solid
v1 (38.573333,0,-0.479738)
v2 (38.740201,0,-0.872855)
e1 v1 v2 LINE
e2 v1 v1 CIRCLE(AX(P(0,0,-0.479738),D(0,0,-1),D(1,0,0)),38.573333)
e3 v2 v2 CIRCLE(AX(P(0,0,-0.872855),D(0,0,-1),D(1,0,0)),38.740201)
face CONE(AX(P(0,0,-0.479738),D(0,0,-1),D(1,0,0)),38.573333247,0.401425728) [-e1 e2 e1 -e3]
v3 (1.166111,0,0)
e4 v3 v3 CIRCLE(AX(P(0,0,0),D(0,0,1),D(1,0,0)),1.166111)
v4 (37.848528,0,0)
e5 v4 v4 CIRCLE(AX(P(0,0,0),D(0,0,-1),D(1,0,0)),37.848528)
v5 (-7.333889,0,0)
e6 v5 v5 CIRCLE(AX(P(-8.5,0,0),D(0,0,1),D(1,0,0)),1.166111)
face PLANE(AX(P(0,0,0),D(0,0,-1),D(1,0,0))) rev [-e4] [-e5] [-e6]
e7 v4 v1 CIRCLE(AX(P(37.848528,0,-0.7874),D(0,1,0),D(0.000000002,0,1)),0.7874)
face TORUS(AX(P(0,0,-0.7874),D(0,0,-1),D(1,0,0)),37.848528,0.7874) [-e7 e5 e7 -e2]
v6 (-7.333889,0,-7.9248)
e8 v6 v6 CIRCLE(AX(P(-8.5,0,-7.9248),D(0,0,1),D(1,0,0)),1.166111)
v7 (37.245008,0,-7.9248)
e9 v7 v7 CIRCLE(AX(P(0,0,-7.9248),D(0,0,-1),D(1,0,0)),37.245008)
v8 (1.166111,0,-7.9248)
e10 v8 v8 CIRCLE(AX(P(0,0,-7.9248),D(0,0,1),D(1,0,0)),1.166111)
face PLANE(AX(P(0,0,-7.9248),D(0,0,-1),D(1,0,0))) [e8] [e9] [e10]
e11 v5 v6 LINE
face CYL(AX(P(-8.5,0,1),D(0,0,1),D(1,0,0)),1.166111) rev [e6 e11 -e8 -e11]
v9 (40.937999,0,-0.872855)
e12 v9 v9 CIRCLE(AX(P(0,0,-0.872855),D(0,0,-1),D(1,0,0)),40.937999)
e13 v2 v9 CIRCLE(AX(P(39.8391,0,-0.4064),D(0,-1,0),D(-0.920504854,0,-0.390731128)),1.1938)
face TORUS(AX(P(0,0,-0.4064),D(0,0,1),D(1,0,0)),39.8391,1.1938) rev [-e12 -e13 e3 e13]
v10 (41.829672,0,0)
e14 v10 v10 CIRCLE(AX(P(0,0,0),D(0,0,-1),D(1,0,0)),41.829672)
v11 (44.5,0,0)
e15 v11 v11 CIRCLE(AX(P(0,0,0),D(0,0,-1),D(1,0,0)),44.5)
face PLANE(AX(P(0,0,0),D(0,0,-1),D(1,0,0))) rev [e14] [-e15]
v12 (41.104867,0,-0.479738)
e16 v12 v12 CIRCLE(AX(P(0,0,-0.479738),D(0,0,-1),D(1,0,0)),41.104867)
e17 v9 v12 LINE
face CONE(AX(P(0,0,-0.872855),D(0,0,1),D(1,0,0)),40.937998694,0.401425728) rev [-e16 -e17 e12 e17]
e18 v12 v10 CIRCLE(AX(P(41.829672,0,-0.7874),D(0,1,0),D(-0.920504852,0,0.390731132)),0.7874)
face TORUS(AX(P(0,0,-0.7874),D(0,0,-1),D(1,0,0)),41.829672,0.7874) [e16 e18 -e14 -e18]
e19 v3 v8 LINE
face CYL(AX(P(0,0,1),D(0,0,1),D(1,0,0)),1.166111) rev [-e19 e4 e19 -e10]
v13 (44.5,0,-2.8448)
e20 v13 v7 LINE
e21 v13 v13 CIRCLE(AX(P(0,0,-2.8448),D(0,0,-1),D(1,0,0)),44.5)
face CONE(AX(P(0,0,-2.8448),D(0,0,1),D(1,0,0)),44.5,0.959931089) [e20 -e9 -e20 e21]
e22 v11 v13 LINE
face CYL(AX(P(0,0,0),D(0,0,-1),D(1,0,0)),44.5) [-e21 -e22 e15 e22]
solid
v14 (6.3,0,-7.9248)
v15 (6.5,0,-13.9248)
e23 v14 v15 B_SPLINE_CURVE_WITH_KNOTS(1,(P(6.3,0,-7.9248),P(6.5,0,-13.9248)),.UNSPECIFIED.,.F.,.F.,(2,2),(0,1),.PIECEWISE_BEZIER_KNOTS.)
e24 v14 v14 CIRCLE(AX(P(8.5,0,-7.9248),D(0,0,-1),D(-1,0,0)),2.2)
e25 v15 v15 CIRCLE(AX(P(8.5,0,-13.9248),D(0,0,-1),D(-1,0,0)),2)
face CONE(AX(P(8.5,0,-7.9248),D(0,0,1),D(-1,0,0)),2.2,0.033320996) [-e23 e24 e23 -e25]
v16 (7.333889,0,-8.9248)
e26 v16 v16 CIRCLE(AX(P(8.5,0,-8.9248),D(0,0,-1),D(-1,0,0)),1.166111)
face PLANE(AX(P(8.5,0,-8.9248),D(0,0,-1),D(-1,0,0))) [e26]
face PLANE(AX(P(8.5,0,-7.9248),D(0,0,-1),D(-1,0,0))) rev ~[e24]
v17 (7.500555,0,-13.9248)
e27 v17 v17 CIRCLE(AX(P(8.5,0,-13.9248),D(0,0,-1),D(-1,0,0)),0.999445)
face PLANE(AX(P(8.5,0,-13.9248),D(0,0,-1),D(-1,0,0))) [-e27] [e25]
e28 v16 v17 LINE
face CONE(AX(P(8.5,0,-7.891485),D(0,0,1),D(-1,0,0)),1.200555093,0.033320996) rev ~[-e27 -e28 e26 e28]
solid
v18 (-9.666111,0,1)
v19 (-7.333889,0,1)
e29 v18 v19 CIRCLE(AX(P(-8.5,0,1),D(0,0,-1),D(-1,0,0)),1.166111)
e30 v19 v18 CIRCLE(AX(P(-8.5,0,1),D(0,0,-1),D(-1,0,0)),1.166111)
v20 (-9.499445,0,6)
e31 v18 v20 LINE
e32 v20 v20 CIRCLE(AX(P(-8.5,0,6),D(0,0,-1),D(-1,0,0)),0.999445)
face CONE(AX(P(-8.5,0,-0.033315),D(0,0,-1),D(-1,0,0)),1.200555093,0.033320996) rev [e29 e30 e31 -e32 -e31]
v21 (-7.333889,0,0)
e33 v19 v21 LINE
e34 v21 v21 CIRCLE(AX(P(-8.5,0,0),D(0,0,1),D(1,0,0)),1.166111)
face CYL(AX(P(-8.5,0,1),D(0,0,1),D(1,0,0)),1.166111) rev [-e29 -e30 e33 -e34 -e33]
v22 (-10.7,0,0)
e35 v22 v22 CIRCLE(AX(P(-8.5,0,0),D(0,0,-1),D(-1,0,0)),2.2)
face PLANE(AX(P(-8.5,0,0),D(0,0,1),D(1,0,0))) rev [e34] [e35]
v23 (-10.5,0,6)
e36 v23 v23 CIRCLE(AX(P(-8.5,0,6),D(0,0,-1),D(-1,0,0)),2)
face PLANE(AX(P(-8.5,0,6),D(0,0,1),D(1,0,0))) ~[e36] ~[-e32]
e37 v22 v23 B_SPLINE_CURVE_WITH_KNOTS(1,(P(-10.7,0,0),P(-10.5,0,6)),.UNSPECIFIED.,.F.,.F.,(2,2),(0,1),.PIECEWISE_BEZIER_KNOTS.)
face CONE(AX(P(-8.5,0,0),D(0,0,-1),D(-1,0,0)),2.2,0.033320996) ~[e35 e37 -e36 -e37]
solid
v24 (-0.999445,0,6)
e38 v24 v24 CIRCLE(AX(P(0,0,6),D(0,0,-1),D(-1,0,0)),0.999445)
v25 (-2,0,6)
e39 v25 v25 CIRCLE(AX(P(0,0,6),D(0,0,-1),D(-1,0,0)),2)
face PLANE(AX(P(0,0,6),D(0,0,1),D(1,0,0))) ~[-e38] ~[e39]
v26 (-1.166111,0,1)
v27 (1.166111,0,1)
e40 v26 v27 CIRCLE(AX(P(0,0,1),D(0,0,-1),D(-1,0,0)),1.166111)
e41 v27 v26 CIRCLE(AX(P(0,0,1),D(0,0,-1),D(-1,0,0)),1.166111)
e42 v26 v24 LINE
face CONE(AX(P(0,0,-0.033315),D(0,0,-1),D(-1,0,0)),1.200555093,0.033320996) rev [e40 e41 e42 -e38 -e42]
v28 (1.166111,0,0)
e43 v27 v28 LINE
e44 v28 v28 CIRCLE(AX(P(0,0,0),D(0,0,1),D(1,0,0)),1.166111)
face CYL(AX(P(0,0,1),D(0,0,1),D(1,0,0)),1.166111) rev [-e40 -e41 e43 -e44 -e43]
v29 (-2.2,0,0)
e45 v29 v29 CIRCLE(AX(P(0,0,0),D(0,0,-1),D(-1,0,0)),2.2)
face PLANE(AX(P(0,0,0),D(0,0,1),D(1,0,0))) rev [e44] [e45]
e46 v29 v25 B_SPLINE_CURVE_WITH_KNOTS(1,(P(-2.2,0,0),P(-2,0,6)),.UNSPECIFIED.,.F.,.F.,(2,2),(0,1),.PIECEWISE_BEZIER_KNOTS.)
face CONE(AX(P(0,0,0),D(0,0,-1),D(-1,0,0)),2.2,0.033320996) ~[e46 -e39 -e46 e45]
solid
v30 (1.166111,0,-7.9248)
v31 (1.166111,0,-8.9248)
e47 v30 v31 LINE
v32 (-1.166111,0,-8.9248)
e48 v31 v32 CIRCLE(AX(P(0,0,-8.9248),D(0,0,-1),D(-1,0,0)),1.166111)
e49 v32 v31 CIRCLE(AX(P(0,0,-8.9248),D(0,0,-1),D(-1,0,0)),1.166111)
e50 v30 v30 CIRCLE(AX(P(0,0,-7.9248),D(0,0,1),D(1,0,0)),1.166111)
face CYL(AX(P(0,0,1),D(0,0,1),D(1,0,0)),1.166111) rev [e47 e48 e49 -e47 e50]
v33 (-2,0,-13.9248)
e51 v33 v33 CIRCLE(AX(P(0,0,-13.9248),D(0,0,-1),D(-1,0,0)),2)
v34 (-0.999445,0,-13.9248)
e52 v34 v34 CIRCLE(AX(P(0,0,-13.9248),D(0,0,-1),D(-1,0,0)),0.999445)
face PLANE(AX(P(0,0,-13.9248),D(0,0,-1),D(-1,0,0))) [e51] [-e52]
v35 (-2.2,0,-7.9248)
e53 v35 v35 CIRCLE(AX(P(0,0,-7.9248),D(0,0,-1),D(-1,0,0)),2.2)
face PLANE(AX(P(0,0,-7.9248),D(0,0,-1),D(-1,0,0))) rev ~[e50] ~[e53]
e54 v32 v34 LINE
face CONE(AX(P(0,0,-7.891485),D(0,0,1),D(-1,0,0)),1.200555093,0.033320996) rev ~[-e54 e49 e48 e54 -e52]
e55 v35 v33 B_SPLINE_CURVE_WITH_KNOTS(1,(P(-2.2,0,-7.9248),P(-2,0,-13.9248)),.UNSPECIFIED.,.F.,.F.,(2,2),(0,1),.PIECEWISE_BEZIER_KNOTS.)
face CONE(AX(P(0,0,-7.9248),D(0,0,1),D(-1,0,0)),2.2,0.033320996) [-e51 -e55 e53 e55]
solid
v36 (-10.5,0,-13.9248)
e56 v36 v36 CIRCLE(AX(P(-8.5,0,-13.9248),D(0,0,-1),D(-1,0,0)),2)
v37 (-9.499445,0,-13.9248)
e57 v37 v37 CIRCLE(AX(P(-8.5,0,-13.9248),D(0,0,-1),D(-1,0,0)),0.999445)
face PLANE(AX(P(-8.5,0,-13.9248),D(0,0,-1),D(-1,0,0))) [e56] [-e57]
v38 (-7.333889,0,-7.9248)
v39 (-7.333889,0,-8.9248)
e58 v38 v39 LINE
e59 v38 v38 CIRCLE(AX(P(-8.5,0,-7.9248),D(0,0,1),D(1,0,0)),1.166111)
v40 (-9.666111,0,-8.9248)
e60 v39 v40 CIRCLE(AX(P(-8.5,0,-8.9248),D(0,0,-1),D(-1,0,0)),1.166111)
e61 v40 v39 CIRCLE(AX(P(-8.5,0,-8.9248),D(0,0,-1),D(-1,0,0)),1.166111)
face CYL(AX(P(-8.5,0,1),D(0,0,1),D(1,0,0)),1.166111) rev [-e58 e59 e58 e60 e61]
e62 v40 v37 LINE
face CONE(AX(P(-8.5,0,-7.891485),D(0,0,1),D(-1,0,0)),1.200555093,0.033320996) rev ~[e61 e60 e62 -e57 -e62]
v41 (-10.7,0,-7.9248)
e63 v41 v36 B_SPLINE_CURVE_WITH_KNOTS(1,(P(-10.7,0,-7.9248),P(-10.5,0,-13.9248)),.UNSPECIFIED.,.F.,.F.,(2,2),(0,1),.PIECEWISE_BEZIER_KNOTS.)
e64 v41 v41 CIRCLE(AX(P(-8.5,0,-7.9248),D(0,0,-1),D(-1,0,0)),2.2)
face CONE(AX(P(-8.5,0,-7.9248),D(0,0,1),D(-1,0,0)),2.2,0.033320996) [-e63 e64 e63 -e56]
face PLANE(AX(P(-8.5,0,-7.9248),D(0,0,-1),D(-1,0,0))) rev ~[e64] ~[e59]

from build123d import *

# Parameters (mm, degrees)
SKETCH2_R          = 2.2
SKETCH3_R          = 2
SKETCH2_5_R        = 2.2
SKETCH3_5_R        = 2
SKETCH2_6_R        = 2.2
SKETCH3_6_R        = 2
SHELL2_T           = -1
SHELL3_T           = -1
SHELL4_T           = -1
CUT_EXTRUDE2_START = -9.9248
SKETCH4_R          = 1.166111265
CUT_EXTRUDE2_DEPTH = 9.9248


with BuildPart() as part:
    # Sketch1 → Revolve1 (revolve)
    with BuildSketch(Plane(origin=(0, 0, 0), x_dir=(0, 0, -1), z_dir=(1, 0, 0)), mode=Mode.PRIVATE) as revolve1_sk:
        with BuildLine():
            Line((0, 0), (0, 37.848527725))
            ThreePointArc((0, 37.848527725), (0.130798304, 38.283122907), (0.479738309, 38.573333247))
            Line((0.479738309, 38.573333247), (0.872854821, 38.740201306))
            ThreePointArc((0.872854821, 38.740201306), (1.6002, 39.8391), (0.872854821, 40.937998694))
            Line((0.872854821, 40.937998694), (0.479738309, 41.104866753))
            ThreePointArc((0.479738309, 41.104866753), (0.130798304, 41.395077093), (0, 41.829672275))
            Line((0, 41.829672275), (0, 44.5))
            Line((0, 44.5), (2.8448, 44.5))
            Line((2.8448, 44.5), (7.9248, 37.245008126))
            Line((7.9248, 37.245008126), (7.9248, 0))
            Line((7.9248, 0), (0, 0))
        make_face()
    revolve(revolve1_sk.sketch.rotate(Axis((0, 0, 0), (0, 0, -1)), 90), axis=Axis((0, 0, 0), (0, 0, -1)))


with BuildPart() as body_2:
    # Sketch2 → Loft1 section 0
    with BuildSketch(Plane(origin=(0, 0, -7.9248), x_dir=(-1, 0, 0), z_dir=(0, 0, -1))):
        with Locations((-8.5, 0)):
            Circle(SKETCH2_R)
    # Sketch3 → Loft1 section 1
    with BuildSketch(Plane(origin=(0, 0, -13.9248), x_dir=(-1, 0, 0), z_dir=(0, 0, -1))):
        with Locations((-8.5, 0)):
            Circle(SKETCH3_R)
    loft()

    # Shell2
    shell2_openings = [body_2.faces().sort_by_distance(p)[0] for p in [
        (8.5, 0, -13.9248),
    ]]
    offset(amount=SHELL2_T, openings=shell2_openings, kind=Kind.INTERSECTION)


with BuildPart() as body_3:
    # Sketch2<5> → Loft2 section 0
    with BuildSketch(Plane(origin=(0, 0, -7.9248), x_dir=(-1, 0, 0), z_dir=(0, 0, -1))):
        Circle(SKETCH2_5_R)
    # Sketch3<5> → Loft2 section 1
    with BuildSketch(Plane(origin=(0, 0, -13.9248), x_dir=(-1, 0, 0), z_dir=(0, 0, -1))):
        Circle(SKETCH3_5_R)
    loft()

    # Shell3
    shell3_openings = [body_3.faces().sort_by_distance(p)[0] for p in [
        (0, 0, -13.9248),
    ]]
    offset(amount=SHELL3_T, openings=shell3_openings, kind=Kind.INTERSECTION)


with BuildPart() as body_4:
    # Sketch2<6> → Loft3 section 0
    with BuildSketch(Plane(origin=(0, 0, -7.9248), x_dir=(-1, 0, 0), z_dir=(0, 0, -1))):
        with Locations((8.5, 0)):
            Circle(SKETCH2_6_R)
    # Sketch3<6> → Loft3 section 1
    with BuildSketch(Plane(origin=(0, 0, -13.9248), x_dir=(-1, 0, 0), z_dir=(0, 0, -1))):
        with Locations((8.5, 0)):
            Circle(SKETCH3_6_R)
    loft()

    # Shell4
    shell4_openings = [body_4.faces().sort_by_distance(p)[0] for p in [
        (-8.5, 0, -13.9248),
    ]]
    offset(amount=SHELL4_T, openings=shell4_openings, kind=Kind.INTERSECTION)


with BuildPart() as body_5:
    # Mirror4: mirrored copy
    add(body_3.part.mirror(Plane(origin=(0, 0, -3.9624), x_dir=(1, 0, 0), z_dir=(0, 0, -1))))


with BuildPart() as body_6:
    # Mirror4 2: mirrored copy
    add(body_4.part.mirror(Plane(origin=(0, 0, -3.9624), x_dir=(1, 0, 0), z_dir=(0, 0, -1))))


with BuildPart() as cut_extrude2_tool:
    # Sketch4 → Cut-Extrude2 (new body)
    with BuildSketch(Plane(origin=(0, 0, -8.9248), x_dir=(-1, 0, 0), z_dir=(0, 0, -1)).offset(CUT_EXTRUDE2_START)):
        with Locations(Location((0, 0, 0), (0, 0, 180))):
            Circle(SKETCH4_R)
        with Locations(Location((8.5, 0, 0), (0, 0, 180))):
            Circle(SKETCH4_R)
    extrude(amount=CUT_EXTRUDE2_DEPTH)


with BuildPart() as part_1:
    add(part.part)

    # Cut-Extrude2: cut by cut_extrude2_tool
    add(cut_extrude2_tool.part, mode=Mode.SUBTRACT)


with BuildPart() as body_3_1:
    add(body_3.part)

    # Cut-Extrude2: cut by cut_extrude2_tool
    add(cut_extrude2_tool.part, mode=Mode.SUBTRACT)


with BuildPart() as body_4_1:
    add(body_4.part)

    # Cut-Extrude2: cut by cut_extrude2_tool
    add(cut_extrude2_tool.part, mode=Mode.SUBTRACT)


with BuildPart() as body_5_1:
    add(body_5.part)

    # Cut-Extrude2: cut by cut_extrude2_tool
    add(cut_extrude2_tool.part, mode=Mode.SUBTRACT)


with BuildPart() as body_6_1:
    add(body_6.part)

    # Cut-Extrude2: cut by cut_extrude2_tool
    add(cut_extrude2_tool.part, mode=Mode.SUBTRACT)


solid = Compound([body_2.part, part_1.part, body_3_1.part, body_4_1.part, body_5_1.part, body_6_1.part])
